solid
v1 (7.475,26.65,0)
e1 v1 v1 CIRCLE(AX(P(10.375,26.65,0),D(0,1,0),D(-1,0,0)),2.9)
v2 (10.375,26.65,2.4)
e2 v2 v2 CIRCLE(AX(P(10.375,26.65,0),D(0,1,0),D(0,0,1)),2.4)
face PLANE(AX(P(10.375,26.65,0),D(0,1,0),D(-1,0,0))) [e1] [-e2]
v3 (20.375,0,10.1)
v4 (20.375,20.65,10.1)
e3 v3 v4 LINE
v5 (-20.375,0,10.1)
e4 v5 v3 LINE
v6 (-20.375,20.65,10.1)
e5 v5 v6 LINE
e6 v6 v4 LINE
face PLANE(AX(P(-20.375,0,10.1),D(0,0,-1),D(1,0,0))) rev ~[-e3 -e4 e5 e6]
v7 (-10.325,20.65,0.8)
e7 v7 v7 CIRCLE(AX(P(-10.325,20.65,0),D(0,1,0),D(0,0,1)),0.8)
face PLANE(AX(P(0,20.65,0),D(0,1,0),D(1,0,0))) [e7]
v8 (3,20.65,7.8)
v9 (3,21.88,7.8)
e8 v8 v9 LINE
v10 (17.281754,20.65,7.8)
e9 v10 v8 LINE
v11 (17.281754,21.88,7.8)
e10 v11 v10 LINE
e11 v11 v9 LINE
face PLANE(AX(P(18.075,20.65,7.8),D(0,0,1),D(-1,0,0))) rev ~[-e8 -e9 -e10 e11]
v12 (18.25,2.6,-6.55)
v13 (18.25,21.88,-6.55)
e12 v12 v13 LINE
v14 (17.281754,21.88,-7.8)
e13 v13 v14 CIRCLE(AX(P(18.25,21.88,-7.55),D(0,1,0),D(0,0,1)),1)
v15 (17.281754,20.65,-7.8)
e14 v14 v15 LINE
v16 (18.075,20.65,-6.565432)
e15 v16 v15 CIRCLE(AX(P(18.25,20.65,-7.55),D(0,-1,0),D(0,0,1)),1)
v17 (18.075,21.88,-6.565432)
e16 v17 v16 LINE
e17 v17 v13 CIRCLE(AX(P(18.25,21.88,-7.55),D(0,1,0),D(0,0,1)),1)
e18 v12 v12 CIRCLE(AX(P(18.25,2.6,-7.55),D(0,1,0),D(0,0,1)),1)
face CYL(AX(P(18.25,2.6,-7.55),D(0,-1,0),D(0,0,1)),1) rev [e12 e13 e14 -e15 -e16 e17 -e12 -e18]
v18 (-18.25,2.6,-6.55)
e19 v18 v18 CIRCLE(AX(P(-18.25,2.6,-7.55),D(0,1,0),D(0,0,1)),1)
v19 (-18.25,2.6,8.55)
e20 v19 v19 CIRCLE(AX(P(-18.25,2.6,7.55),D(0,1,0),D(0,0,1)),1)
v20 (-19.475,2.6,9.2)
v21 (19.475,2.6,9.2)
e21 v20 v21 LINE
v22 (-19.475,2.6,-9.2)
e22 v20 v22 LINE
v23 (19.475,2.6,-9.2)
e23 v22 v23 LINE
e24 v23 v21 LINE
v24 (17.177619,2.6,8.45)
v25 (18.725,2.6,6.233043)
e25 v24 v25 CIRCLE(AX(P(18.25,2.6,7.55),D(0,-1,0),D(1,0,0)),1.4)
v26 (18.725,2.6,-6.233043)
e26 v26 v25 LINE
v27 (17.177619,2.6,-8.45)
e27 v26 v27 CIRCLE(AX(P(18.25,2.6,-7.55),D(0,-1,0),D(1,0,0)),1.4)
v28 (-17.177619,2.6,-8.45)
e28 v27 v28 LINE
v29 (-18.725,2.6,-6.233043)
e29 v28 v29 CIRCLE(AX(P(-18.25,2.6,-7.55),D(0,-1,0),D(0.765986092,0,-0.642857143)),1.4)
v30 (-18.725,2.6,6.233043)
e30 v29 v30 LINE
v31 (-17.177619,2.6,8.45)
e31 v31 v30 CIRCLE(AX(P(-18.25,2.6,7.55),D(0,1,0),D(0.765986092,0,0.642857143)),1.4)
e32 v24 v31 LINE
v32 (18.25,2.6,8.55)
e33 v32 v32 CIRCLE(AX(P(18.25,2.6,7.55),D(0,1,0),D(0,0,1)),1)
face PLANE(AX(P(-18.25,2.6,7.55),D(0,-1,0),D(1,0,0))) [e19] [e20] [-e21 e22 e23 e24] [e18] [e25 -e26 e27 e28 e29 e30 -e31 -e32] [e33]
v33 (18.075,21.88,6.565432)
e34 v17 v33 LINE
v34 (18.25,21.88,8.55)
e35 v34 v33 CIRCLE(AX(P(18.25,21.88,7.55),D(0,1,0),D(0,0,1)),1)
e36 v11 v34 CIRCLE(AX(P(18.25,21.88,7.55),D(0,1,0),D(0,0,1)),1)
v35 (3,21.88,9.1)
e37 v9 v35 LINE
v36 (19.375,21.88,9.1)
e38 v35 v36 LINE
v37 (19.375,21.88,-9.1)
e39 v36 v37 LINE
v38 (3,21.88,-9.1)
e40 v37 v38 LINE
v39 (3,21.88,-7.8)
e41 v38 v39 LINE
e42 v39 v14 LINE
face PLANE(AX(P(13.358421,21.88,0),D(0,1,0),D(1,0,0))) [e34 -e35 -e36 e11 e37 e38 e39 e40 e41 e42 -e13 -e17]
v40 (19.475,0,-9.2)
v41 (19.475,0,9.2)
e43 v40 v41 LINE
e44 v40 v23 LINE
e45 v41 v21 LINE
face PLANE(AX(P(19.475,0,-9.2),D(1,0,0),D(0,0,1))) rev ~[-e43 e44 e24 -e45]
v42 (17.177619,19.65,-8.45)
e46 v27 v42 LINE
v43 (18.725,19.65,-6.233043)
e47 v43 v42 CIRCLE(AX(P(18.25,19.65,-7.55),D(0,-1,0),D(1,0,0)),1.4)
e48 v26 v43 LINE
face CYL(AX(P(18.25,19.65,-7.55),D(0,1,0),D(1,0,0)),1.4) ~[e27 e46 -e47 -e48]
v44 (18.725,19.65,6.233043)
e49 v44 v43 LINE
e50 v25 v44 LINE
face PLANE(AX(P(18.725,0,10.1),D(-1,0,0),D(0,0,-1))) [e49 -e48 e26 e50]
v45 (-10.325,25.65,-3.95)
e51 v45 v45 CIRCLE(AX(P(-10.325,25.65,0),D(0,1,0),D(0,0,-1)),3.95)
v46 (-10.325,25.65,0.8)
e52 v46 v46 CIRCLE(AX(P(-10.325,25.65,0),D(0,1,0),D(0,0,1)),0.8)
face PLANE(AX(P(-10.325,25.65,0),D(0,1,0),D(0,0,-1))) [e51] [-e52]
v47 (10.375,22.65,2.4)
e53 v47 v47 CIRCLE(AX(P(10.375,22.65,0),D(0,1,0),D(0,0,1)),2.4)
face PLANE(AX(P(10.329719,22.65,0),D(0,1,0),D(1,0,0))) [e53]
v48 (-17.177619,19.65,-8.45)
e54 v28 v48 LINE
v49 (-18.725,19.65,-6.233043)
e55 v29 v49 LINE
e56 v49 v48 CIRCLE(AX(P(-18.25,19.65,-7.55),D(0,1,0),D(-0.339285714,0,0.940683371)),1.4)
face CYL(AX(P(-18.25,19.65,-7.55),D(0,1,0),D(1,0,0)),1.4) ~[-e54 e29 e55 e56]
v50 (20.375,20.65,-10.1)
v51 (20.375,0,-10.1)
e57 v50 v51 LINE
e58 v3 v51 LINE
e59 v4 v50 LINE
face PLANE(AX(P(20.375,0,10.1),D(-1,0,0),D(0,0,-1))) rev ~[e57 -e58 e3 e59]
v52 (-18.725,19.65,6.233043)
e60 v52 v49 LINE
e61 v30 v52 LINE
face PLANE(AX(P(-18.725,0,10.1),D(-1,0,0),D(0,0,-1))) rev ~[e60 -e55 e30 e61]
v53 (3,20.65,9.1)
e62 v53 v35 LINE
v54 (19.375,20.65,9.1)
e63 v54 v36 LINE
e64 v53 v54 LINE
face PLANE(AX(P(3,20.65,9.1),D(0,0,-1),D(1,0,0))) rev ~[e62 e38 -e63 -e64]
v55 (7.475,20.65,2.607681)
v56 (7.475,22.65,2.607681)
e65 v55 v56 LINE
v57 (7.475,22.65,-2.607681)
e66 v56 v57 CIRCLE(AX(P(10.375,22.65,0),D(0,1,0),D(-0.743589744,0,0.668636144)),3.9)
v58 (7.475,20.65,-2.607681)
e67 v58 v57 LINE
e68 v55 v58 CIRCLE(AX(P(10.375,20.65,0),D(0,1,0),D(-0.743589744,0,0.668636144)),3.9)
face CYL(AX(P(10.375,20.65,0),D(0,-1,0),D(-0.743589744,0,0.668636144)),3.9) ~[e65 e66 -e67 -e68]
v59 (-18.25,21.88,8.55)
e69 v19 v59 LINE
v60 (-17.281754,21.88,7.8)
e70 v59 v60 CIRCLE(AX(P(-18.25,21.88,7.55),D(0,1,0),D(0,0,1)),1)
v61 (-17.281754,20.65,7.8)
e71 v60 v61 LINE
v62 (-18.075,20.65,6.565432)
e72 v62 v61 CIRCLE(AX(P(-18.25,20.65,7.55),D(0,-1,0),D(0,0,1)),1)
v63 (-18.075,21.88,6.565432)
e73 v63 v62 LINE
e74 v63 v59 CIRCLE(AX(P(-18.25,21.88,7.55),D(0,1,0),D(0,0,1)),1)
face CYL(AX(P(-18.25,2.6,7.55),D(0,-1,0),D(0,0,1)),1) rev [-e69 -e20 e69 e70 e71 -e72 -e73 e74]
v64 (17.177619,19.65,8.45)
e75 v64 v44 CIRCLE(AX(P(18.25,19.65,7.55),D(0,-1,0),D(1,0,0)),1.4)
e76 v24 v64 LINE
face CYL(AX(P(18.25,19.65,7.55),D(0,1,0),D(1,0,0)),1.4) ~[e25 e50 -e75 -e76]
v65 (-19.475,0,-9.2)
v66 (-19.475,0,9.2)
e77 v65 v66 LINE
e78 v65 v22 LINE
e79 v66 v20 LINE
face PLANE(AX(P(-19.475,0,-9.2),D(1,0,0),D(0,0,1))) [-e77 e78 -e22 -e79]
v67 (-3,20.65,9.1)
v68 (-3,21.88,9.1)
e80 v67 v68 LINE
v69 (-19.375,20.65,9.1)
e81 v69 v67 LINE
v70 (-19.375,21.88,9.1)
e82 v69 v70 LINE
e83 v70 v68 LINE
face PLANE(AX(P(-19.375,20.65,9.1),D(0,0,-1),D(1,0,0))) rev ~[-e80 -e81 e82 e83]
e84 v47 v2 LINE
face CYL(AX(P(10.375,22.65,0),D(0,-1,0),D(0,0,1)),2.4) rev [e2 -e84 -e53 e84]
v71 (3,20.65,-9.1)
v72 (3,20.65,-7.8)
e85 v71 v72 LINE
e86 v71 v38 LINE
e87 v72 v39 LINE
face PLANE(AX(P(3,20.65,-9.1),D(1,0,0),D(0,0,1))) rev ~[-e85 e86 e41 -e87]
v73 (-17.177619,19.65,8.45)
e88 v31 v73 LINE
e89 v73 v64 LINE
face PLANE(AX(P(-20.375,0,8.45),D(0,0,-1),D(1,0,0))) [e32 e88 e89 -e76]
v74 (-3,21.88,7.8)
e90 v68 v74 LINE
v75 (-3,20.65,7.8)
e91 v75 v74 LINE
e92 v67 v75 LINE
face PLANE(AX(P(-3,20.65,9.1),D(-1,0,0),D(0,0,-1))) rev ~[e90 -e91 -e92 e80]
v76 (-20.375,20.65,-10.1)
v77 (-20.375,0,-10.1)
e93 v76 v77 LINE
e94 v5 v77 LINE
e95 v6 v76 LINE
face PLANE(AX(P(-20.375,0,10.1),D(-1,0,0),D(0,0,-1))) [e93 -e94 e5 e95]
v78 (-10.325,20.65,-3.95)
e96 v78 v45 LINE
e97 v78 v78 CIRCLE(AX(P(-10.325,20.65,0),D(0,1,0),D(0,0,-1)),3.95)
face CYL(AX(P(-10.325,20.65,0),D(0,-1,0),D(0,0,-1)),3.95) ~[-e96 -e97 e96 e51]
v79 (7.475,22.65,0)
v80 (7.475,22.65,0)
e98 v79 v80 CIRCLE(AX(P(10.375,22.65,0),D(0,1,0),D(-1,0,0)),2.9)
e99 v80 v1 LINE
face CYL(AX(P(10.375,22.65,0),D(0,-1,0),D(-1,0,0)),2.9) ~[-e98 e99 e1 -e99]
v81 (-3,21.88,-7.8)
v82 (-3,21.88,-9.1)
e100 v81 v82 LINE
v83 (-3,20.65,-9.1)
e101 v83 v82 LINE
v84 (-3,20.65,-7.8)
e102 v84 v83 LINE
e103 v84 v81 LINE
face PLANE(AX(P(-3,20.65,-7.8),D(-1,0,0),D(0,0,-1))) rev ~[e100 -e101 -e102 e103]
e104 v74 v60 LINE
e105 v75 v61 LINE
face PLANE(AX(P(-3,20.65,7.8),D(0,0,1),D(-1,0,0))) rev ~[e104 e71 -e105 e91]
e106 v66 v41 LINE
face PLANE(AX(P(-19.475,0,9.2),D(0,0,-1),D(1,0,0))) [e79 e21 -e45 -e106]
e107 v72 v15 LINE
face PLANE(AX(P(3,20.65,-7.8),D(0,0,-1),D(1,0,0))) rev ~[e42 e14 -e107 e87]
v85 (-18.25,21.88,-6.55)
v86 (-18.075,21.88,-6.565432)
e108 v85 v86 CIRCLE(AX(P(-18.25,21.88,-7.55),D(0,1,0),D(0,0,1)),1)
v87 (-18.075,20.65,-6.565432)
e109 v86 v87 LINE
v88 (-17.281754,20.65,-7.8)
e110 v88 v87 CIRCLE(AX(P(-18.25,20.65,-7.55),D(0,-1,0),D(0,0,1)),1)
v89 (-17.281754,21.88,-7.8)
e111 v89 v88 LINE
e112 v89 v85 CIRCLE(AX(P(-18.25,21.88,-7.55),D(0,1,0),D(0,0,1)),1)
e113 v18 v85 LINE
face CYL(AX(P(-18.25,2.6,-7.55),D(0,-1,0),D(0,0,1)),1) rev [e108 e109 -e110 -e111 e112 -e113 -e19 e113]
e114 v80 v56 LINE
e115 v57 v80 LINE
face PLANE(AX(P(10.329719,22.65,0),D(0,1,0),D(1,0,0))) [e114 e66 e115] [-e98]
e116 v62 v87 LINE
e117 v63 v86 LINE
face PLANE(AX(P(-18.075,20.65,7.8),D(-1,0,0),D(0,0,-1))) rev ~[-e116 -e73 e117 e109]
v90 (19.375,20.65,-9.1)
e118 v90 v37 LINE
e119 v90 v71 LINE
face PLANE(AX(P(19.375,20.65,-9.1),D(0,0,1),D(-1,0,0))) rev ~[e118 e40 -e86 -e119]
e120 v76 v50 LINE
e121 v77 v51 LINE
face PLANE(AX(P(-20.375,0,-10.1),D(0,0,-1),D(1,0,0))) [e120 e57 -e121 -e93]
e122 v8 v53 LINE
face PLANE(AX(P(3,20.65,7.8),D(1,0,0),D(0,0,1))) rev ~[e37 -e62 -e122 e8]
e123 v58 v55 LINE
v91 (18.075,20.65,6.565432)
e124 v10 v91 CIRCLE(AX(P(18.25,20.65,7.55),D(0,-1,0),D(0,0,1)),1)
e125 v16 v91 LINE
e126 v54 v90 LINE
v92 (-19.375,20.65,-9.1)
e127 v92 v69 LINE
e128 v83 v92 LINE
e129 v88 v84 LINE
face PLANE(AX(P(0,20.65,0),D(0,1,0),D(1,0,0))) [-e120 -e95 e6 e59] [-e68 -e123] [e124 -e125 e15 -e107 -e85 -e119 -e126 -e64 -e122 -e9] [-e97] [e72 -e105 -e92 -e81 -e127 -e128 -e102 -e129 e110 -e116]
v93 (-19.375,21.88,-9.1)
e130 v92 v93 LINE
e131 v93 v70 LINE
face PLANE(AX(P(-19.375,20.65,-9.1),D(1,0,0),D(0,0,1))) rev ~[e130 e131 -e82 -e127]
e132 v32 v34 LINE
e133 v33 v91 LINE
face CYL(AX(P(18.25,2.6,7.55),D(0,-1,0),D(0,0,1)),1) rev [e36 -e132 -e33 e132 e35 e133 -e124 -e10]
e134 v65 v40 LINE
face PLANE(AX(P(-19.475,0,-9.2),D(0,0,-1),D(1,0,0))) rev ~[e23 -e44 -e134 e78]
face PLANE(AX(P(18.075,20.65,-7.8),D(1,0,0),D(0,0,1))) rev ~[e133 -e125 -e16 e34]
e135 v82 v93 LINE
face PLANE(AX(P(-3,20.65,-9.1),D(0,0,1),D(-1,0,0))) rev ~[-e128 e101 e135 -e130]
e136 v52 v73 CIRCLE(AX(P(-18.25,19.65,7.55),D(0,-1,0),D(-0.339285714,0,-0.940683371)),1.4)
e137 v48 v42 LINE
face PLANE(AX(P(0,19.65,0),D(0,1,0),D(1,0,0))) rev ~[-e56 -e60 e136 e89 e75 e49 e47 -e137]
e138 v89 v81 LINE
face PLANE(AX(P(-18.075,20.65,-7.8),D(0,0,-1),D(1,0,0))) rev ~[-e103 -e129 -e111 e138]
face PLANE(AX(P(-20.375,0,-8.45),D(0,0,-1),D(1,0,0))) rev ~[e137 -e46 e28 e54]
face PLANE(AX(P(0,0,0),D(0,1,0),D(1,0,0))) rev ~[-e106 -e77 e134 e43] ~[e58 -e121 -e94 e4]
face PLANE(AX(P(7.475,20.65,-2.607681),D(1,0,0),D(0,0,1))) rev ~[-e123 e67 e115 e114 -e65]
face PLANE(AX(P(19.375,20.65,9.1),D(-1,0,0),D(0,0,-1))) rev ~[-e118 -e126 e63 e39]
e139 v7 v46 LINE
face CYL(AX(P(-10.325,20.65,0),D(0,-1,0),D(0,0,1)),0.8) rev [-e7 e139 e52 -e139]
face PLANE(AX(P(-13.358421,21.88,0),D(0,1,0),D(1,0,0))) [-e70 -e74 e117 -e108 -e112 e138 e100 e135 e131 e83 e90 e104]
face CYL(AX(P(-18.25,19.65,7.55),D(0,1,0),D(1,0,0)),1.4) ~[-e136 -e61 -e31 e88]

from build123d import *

# Parameters (mm, degrees)
SKETCH_1_W          = 40.75
SKETCH_1_H          = 20.2
EXTRUDE_1_DEPTH     = 20.65
SHELL_1_T           = -1.65
SKETCH_2_W          = 40.75
SKETCH_2_H          = 20.2
EXTRUDE_2_DEPTH     = 1
EXTRUDE_3_DEPTH     = 1.23
SKETCH_4_R          = 3.95
SKETCH_4_R_2        = 0.8
EXTRUDE_4_DEPTH     = 5
EXTRUDE_5_DEPTH     = 2
SKETCH_6_R          = 2.9
SKETCH_6_R_2        = 2.4
EXTRUDE_6_DEPTH     = 4
SKETCH_7_W          = 38.95
SKETCH_7_H          = 18.4
CUT_EXTRUDE_2_DEPTH = 2.6
SKETCH_9_R          = 1.4
EXTRUDE_7_DEPTH     = 17.05
CUT_EXTRUDE_START   = -19.28
SKETCH_8_R          = 1
CUT_EXTRUDE_3_DEPTH = 19.28


with BuildPart() as part:
    # Эскиз1 → Бобышка-Вытянуть1 (new body)
    with BuildSketch(Plane(origin=(0, 0, 0), x_dir=(1, 0, 0), z_dir=(0, 1, 0))):
        Rectangle(SKETCH_1_W, SKETCH_1_H)
    extrude(amount=EXTRUDE_1_DEPTH)

    # Оболочка1
    shell_1_openings = [part.faces().sort_by_distance(p)[0] for p in [
        (0, 20.65, 0),
        (0, 0, 0),
    ]]
    offset(amount=SHELL_1_T, openings=shell_1_openings, kind=Kind.INTERSECTION)

    # Эскиз2 → Бобышка-Вытянуть2 (add)
    with BuildSketch(Plane(origin=(0, 20.65, 0), x_dir=(1, 0, 0), z_dir=(0, 1, 0))):
        Rectangle(SKETCH_2_W, SKETCH_2_H)
    extrude(amount=-EXTRUDE_2_DEPTH)

    # Эскиз3 → Бобышка-Вытянуть3 (add)
    with BuildSketch(Plane(origin=(0, 20.65, 0), x_dir=(1, 0, 0), z_dir=(0, 1, 0))):
        Polygon((-19.375, -9.1), (-3, -9.1), (-3, -7.8), (-18.075, -7.8), (-18.075, 7.8), (-3, 7.8), (-3, 9.1), (-19.375, 9.1), align=None)
        Polygon((19.375, -9.1), (19.375, 9.1), (3, 9.1), (3, 7.8), (18.075, 7.8), (18.075, -7.8), (3, -7.8), (3, -9.1), align=None)
    extrude(amount=EXTRUDE_3_DEPTH)

    # Эскиз4 → Бобышка-Вытянуть4 (add)
    with BuildSketch(Plane(origin=(0, 20.65, 0), x_dir=(1, 0, 0), z_dir=(0, 1, 0))):
        with Locations(Location((-10.325, 0, 0), (0, 0, 90))):
            Circle(SKETCH_4_R)
        with Locations(Location((-10.325, 0, 0), (0, 0, 270))):
            Circle(SKETCH_4_R_2, mode=Mode.SUBTRACT)
    extrude(amount=EXTRUDE_4_DEPTH)

    # Эскиз5 → Бобышка-Вытянуть5 (add)
    with BuildSketch(Plane(origin=(0, 20.65, 0), x_dir=(1, 0, 0), z_dir=(0, 1, 0))):
        with BuildLine():
            Line((7.475, 2.607680962), (7.475, -2.607680962))
            ThreePointArc((7.475, -2.607680962), (14.275, 0), (7.475, 2.607680962))
        make_face()
    extrude(amount=EXTRUDE_5_DEPTH)

    # Эскиз6 → Бобышка-Вытянуть6 (add)
    with BuildSketch(Plane(origin=(0, 22.65, 0), x_dir=(1, 0, 0), z_dir=(0, 1, 0))):
        with Locations(Location((10.375, 0, 0), (0, 0, 180))):
            Circle(SKETCH_6_R)
        with Locations(Location((10.375, 0, 0), (0, 0, 270))):
            Circle(SKETCH_6_R_2, mode=Mode.SUBTRACT)
    extrude(amount=EXTRUDE_6_DEPTH)

    # Эскиз7 → Вырез-Вытянуть2 (cut)
    with BuildSketch(Plane.XZ):
        Rectangle(SKETCH_7_W, SKETCH_7_H)
    extrude(amount=-CUT_EXTRUDE_2_DEPTH, mode=Mode.SUBTRACT)

    # Эскиз9 → Бобышка-Вытянуть7 (add)
    with BuildSketch(Plane.XZ.offset(-19.65)):
        with Locations((-18.25, 7.55)):
            Circle(SKETCH_9_R)
        with Locations((-18.25, -7.55)):
            Circle(SKETCH_9_R)
        with Locations((18.25, -7.55)):
            Circle(SKETCH_9_R)
        with Locations((18.25, 7.55)):
            Circle(SKETCH_9_R)
    extrude(amount=EXTRUDE_7_DEPTH)

    # Эскиз8 → Вырез-Вытянуть3 (cut)
    with BuildSketch(Plane(origin=(0, 21.88, 0), x_dir=(1, 0, 0), z_dir=(0, 1, 0)).offset(CUT_EXTRUDE_START)):
        with Locations(Location((-18.25, 7.55, 0), (0, 0, 270))):
            Circle(SKETCH_8_R)
        with Locations(Location((18.25, 7.55, 0), (0, 0, 270))):
            Circle(SKETCH_8_R)
        with Locations(Location((18.25, -7.55, 0), (0, 0, 270))):
            Circle(SKETCH_8_R)
        with Locations(Location((-18.25, -7.55, 0), (0, 0, 270))):
            Circle(SKETCH_8_R)
    extrude(amount=CUT_EXTRUDE_3_DEPTH, mode=Mode.SUBTRACT)


solid = part.part
